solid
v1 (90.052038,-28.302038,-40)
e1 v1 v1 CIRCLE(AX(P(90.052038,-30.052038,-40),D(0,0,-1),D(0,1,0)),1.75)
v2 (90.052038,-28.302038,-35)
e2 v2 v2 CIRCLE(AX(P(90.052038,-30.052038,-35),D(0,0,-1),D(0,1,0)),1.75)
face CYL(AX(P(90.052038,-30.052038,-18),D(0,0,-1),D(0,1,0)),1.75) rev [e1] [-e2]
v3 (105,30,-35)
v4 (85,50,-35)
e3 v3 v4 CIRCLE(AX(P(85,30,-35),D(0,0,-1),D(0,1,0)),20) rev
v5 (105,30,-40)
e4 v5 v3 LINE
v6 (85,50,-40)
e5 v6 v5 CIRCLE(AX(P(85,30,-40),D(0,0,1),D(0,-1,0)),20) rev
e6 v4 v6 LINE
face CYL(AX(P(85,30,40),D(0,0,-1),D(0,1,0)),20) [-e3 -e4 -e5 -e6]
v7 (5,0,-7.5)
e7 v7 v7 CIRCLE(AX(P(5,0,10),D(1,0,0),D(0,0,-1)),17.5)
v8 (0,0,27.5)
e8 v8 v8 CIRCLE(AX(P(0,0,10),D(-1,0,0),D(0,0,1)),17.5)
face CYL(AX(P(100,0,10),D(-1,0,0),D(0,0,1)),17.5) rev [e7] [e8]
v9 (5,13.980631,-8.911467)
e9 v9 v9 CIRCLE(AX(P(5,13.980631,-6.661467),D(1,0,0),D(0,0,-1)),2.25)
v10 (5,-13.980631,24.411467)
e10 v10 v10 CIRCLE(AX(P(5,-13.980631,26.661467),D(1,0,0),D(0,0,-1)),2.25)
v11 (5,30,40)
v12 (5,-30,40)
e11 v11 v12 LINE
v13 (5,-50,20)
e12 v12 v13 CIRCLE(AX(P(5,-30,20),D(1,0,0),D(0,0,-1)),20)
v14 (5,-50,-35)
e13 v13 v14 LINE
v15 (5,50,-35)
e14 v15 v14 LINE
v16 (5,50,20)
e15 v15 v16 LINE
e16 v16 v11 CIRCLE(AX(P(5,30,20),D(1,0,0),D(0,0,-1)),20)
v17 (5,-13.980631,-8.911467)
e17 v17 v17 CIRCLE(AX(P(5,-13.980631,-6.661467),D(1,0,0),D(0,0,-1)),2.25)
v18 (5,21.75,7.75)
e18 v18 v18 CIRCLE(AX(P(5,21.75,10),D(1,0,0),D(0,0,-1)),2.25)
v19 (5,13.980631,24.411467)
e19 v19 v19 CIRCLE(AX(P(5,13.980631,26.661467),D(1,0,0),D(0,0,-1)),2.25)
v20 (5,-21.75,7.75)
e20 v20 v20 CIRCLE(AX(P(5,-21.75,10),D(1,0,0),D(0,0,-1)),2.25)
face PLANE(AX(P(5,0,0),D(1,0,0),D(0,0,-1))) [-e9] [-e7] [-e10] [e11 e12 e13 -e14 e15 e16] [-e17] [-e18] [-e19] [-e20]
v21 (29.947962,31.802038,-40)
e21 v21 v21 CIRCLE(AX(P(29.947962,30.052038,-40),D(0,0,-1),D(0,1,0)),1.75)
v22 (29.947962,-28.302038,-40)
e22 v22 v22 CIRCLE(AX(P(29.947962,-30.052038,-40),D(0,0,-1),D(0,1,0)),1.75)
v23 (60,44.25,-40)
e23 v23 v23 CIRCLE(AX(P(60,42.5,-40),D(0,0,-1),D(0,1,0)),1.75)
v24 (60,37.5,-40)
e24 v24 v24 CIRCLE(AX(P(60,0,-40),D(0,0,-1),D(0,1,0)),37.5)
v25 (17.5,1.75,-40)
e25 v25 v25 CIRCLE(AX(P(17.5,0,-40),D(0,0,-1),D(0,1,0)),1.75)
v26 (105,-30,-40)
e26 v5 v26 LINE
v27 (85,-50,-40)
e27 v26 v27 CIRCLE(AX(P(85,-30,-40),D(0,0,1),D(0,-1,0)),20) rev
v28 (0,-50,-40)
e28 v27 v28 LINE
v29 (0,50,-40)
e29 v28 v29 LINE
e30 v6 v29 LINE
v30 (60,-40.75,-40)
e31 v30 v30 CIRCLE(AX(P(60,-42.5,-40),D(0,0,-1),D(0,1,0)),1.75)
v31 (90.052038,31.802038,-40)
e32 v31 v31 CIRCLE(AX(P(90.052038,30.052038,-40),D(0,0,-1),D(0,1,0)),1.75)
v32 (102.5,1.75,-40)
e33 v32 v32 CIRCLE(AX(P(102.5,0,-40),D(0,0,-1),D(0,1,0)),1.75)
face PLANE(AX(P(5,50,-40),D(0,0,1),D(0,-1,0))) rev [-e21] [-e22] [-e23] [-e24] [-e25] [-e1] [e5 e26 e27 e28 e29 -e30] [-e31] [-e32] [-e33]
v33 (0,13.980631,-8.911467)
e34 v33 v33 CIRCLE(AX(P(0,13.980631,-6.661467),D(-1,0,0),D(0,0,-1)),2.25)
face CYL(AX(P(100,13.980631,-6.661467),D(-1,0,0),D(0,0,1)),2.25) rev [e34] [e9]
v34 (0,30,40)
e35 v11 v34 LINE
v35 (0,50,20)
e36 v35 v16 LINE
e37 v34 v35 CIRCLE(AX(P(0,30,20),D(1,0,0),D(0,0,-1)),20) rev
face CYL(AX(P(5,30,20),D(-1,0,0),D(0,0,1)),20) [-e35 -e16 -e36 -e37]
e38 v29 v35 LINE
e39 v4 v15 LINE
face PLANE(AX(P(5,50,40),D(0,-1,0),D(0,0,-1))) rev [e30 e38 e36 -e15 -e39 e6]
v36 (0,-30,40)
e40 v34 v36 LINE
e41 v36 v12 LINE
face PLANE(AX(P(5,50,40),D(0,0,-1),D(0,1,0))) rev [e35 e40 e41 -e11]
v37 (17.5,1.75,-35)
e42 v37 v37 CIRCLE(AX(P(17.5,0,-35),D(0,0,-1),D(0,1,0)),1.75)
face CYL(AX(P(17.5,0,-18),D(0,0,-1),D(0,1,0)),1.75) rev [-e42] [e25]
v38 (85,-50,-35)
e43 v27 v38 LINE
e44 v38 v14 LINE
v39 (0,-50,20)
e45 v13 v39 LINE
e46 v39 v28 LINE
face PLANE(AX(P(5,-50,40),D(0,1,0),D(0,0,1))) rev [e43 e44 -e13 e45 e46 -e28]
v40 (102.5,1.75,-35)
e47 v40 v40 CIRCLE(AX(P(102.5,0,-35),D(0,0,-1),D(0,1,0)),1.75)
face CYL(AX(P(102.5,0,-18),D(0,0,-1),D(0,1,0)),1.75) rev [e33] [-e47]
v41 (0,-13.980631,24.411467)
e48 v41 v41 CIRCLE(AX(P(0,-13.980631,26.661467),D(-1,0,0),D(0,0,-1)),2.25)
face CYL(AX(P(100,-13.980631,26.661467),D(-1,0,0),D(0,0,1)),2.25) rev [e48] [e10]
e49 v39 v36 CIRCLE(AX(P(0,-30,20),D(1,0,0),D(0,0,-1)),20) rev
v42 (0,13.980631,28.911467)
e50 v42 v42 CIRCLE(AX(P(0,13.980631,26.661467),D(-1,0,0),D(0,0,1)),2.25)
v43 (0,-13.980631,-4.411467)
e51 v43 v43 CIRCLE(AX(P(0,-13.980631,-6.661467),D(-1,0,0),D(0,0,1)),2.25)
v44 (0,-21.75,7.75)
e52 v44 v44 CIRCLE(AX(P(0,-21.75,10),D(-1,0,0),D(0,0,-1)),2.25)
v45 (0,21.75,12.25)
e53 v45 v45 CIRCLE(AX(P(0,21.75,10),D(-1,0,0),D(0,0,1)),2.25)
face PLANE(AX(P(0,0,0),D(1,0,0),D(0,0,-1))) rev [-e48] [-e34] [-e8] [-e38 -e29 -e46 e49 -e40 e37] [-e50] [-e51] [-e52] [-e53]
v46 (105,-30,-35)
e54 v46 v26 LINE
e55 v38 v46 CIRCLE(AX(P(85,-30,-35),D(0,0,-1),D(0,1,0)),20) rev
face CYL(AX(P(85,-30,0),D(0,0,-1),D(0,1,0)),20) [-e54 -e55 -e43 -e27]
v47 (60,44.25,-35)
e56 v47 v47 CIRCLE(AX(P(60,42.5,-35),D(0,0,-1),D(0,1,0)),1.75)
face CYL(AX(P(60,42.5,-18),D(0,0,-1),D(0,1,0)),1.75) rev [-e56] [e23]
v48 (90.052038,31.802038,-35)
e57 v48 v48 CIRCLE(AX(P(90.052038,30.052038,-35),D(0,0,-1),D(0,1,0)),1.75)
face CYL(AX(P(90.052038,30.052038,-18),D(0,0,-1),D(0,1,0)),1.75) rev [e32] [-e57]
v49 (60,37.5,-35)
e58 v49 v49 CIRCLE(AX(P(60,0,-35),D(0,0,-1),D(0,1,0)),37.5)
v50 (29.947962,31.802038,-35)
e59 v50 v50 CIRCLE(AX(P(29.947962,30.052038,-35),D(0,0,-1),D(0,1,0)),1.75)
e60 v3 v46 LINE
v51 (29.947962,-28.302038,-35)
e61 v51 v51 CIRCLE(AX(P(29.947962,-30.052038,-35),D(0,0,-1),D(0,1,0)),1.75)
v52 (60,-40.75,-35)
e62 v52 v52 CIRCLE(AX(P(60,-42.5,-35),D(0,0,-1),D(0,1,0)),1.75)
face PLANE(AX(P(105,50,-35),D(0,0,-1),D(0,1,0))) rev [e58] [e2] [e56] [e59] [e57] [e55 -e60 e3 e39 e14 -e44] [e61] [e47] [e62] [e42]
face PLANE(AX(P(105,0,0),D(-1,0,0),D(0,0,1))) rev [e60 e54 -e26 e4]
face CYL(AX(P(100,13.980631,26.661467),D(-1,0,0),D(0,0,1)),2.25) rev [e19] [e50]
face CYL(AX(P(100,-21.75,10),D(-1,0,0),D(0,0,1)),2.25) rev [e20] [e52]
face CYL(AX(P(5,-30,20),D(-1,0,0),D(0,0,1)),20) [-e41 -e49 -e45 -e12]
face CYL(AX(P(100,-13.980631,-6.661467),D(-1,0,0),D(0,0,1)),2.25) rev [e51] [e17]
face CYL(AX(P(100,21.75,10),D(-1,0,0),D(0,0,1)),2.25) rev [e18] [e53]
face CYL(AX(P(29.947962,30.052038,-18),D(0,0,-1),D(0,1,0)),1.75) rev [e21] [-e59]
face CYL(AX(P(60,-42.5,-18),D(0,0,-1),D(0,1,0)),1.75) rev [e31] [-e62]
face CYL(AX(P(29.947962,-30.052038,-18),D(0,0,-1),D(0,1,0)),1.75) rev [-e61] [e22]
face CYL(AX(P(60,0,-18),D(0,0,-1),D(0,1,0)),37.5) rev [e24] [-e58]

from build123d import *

# Parameters (mm, degrees)
SKETCH_1_W          = 80
SKETCH_1_H          = 100
EXTRUDE_1_DEPTH     = 5
SKETCH_3_W          = 5
SKETCH_3_H          = 100
EXTRUDE_2_DEPTH     = 100
SKETCH_4_R          = 2.25
SKETCH_4_R_2        = 17.5
CUT_EXTRUDE_1_DEPTH = 100
SKETCH_5_R          = 1.75
SKETCH_5_R_2        = 37.5
CUT_EXTRUDE_2_DEPTH = 22
FILLET_1_R          = 20


with BuildPart() as part:
    # 草图1 → 凸台-拉伸1 (new body)
    with BuildSketch(Plane(origin=(0, 0, 0), x_dir=(0, 0, -1), z_dir=(1, 0, 0))):
        Rectangle(SKETCH_1_W, SKETCH_1_H)
    extrude(amount=EXTRUDE_1_DEPTH)

    # 草图3 → 凸台-拉伸2 (add)
    with BuildSketch(Plane(origin=(5, 0, 0), x_dir=(0, 0, -1), z_dir=(1, 0, 0))):
        with Locations((37.5, 0)):
            Rectangle(SKETCH_3_W, SKETCH_3_H)
    extrude(amount=EXTRUDE_2_DEPTH)

    # 草图4 → 切除-拉伸1 (cut)
    with BuildSketch(Plane.ZY):
        with Locations((10, 21.75)):
            Circle(SKETCH_4_R)
        with Locations((26.661466638, 13.980630511)):
            Circle(SKETCH_4_R)
        with Locations(Location((-6.661466638, 13.980630511, 0), (0, 0, 180))):
            Circle(SKETCH_4_R)
        with Locations(Location((10, -21.75, 0), (0, 0, 180))):
            Circle(SKETCH_4_R)
        with Locations(Location((26.661466638, -13.980630511, 0), (0, 0, 180))):
            Circle(SKETCH_4_R)
        with Locations((-6.661466638, -13.980630511)):
            Circle(SKETCH_4_R)
        with Locations((10, 0)):
            Circle(SKETCH_4_R_2)
    extrude(amount=-CUT_EXTRUDE_1_DEPTH, mode=Mode.SUBTRACT)

    # 草图5 → 切除-拉伸2 (cut)
    with BuildSketch(Plane(origin=(0, 0, -40), x_dir=(-1, 0, 0), z_dir=(0, 0, -1))):
        with Locations(Location((-60, 42.5, 0), (0, 0, 90))):
            Circle(SKETCH_5_R)
        with Locations(Location((-29.9479618, 30.0520382, 0), (0, 0, 90))):
            Circle(SKETCH_5_R)
        with Locations(Location((-17.5, 0, 0), (0, 0, 90))):
            Circle(SKETCH_5_R)
        with Locations(Location((-29.9479618, -30.0520382, 0), (0, 0, 90))):
            Circle(SKETCH_5_R)
        with Locations(Location((-60, -42.5, 0), (0, 0, 90))):
            Circle(SKETCH_5_R)
        with Locations(Location((-90.0520382, -30.0520382, 0), (0, 0, 90))):
            Circle(SKETCH_5_R)
        with Locations(Location((-102.5, 0, 0), (0, 0, 90))):
            Circle(SKETCH_5_R)
        with Locations(Location((-90.0520382, 30.0520382, 0), (0, 0, 90))):
            Circle(SKETCH_5_R)
        with Locations(Location((-60, 0, 0), (0, 0, 90))):
            Circle(SKETCH_5_R_2)
    extrude(amount=-CUT_EXTRUDE_2_DEPTH, mode=Mode.SUBTRACT)

    # 圆角1
    fillet_1_edges = [part.edges().sort_by_distance(p)[0] for p in [
        (105, 50, -37.5),
        (105, -50, -37.5),
        (2.5, 50, 40),
        (2.5, -50, 40),
    ]]
    fillet(fillet_1_edges, radius=FILLET_1_R)


solid = part.part
